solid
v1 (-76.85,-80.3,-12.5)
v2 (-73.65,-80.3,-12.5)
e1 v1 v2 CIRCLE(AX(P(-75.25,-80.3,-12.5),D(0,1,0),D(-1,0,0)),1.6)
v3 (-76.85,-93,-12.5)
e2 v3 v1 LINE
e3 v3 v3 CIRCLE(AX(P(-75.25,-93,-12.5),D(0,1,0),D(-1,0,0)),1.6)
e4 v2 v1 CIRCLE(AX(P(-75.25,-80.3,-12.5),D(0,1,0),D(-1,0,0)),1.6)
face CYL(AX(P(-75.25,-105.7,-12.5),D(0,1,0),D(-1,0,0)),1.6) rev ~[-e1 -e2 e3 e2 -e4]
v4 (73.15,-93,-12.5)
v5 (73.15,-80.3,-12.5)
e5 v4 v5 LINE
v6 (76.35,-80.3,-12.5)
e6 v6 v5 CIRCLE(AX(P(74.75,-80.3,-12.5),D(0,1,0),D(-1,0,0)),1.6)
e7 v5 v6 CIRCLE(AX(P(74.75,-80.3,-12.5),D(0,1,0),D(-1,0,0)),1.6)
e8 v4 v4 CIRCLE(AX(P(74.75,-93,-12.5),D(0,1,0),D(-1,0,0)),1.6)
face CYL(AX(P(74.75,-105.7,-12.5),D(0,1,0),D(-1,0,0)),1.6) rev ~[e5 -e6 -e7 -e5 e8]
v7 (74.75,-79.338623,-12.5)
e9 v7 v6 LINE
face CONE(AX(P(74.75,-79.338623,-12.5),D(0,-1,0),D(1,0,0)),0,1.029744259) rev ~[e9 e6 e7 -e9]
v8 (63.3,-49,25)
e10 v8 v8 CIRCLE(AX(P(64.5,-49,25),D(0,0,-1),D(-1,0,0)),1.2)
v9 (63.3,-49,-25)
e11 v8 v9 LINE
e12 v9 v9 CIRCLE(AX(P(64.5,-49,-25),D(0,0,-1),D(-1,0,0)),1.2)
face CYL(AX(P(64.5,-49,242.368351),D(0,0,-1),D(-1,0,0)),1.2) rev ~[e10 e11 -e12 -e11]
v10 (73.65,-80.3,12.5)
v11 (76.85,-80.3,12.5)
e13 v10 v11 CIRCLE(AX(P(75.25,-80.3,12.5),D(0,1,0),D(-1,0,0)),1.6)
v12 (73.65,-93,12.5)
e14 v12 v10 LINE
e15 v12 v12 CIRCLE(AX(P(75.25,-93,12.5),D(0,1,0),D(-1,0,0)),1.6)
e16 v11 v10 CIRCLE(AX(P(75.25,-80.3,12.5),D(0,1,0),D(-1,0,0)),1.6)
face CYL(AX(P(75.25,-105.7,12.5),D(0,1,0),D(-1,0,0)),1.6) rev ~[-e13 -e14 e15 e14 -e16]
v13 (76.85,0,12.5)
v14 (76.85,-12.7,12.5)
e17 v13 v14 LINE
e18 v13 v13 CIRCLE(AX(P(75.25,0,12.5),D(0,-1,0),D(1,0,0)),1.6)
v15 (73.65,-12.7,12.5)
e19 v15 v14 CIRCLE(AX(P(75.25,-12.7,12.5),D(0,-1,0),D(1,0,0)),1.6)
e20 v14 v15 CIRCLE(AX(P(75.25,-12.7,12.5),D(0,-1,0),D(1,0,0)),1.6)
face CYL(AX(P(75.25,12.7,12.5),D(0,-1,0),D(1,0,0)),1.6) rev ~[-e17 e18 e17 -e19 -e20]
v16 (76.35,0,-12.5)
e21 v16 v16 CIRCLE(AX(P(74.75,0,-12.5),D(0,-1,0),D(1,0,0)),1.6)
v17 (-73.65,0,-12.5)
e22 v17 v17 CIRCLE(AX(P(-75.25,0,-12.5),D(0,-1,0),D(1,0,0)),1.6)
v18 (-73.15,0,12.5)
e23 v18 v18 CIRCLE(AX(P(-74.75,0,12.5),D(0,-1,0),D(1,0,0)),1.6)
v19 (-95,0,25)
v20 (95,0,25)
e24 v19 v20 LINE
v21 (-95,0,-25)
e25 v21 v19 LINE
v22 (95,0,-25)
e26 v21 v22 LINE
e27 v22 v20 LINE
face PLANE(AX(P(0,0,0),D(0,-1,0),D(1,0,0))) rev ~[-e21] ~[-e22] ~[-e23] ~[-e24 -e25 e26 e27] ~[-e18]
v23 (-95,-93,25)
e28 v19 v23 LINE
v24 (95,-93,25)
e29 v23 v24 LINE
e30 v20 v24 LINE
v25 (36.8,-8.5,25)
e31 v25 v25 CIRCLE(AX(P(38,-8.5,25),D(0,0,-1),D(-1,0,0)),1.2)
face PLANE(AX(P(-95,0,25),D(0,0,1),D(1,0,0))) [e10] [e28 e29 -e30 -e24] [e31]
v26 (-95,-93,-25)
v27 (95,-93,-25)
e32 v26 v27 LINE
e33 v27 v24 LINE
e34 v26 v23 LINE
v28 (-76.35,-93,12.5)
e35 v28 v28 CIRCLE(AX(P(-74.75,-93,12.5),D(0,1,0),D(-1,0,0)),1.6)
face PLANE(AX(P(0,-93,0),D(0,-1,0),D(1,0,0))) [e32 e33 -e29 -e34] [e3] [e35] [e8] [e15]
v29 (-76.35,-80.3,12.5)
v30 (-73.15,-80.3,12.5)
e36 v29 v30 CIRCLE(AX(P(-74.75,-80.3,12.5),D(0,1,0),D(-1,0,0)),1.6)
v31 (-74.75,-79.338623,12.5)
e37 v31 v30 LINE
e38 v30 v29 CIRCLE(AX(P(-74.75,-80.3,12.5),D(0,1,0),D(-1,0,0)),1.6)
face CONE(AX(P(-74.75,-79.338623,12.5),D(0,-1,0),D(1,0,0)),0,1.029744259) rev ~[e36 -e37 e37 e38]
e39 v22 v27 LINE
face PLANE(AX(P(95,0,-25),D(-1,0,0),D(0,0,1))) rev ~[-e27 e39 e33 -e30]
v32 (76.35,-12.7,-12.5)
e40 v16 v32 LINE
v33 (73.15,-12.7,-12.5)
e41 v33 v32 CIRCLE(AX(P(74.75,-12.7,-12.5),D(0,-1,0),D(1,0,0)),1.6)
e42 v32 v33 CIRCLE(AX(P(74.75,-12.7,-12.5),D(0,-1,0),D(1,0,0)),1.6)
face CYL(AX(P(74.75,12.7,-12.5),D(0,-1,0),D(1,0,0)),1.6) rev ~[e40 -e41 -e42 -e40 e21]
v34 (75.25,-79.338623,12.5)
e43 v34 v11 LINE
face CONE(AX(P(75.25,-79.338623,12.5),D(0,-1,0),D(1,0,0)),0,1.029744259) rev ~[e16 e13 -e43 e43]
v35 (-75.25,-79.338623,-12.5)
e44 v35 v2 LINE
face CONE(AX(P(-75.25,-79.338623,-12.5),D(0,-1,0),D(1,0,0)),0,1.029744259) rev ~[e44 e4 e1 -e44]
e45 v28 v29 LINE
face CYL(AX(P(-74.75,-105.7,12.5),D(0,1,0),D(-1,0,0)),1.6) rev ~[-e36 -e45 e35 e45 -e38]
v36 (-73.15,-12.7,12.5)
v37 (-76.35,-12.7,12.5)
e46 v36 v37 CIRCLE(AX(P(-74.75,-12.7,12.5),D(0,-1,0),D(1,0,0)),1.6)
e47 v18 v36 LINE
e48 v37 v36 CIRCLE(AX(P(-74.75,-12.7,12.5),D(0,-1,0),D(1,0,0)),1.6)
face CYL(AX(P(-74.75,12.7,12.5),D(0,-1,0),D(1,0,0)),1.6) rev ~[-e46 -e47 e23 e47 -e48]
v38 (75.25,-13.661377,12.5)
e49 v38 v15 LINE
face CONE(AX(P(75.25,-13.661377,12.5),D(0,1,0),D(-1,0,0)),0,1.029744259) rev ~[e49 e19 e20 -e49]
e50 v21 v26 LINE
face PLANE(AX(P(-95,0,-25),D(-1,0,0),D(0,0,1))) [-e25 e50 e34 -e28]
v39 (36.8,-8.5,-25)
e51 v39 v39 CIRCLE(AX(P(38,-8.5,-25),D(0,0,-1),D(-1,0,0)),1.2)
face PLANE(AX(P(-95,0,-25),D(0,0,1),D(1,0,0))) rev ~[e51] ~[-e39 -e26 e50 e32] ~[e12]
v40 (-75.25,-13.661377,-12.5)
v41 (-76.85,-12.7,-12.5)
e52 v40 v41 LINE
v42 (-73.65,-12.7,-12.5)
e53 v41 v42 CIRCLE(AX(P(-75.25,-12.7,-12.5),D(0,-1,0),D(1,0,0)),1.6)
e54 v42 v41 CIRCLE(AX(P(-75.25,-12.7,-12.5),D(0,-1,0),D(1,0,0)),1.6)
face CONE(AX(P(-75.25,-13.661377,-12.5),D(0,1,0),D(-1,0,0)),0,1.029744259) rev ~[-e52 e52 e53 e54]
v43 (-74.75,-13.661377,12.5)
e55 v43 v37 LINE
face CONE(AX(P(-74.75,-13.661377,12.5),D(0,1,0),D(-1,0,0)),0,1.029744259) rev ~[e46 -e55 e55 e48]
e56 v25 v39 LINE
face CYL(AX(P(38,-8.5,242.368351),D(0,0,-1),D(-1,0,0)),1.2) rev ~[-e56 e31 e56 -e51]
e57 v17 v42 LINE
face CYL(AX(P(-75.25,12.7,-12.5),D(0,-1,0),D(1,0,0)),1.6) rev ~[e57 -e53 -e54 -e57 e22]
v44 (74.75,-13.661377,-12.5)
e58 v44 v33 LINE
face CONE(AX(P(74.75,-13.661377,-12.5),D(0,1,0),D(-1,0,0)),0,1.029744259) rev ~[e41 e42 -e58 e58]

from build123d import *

# Parameters (mm, degrees)
F0_W     = 190
F0_H     = 50
F1_DEPTH = 93
F3_D     = 3.2
F3_DEPTH = 12.7
F3_TIP   = 0.9613769904
F5_D     = 3.2
F5_DEPTH = 12.7
F5_TIP   = 0.9613769904
F7_D     = 2.4


with BuildPart() as f1:
    # F0 (on Front) → F1 (new body)
    with BuildSketch(Plane.XZ):
        Rectangle(F0_W, F0_H)
    extrude(amount=F1_DEPTH)

    # F3
    with Locations(Plane.XZ.offset(93)):
        with Locations((-74.75, 12.5), (75.25, 12.5), (74.75, -12.5), (-75.25, -12.5)):
            Hole(F3_D / 2, depth=F3_DEPTH)
            with Locations((0, 0, -(F3_DEPTH + F3_TIP / 2))):  # 118° drill point
                Cone(0, F3_D / 2, F3_TIP, mode=Mode.SUBTRACT)

    # F5
    with Locations(Plane(origin=(0, 0, 0), x_dir=(-1, 0, 0), z_dir=(0, 1, 0))):
        with Locations((-75.25, 12.5), (74.75, 12.5), (75.25, -12.5), (-74.75, -12.5)):
            Hole(F5_D / 2, depth=F5_DEPTH)
            with Locations((0, 0, -(F5_DEPTH + F5_TIP / 2))):  # 118° drill point
                Cone(0, F5_D / 2, F5_TIP, mode=Mode.SUBTRACT)

    # F7 (through all)
    with Locations(Plane.XY.offset(25)):
        with Locations((38, -8.5), (64.5, -49)):
            Hole(F7_D / 2)


solid = f1.part
